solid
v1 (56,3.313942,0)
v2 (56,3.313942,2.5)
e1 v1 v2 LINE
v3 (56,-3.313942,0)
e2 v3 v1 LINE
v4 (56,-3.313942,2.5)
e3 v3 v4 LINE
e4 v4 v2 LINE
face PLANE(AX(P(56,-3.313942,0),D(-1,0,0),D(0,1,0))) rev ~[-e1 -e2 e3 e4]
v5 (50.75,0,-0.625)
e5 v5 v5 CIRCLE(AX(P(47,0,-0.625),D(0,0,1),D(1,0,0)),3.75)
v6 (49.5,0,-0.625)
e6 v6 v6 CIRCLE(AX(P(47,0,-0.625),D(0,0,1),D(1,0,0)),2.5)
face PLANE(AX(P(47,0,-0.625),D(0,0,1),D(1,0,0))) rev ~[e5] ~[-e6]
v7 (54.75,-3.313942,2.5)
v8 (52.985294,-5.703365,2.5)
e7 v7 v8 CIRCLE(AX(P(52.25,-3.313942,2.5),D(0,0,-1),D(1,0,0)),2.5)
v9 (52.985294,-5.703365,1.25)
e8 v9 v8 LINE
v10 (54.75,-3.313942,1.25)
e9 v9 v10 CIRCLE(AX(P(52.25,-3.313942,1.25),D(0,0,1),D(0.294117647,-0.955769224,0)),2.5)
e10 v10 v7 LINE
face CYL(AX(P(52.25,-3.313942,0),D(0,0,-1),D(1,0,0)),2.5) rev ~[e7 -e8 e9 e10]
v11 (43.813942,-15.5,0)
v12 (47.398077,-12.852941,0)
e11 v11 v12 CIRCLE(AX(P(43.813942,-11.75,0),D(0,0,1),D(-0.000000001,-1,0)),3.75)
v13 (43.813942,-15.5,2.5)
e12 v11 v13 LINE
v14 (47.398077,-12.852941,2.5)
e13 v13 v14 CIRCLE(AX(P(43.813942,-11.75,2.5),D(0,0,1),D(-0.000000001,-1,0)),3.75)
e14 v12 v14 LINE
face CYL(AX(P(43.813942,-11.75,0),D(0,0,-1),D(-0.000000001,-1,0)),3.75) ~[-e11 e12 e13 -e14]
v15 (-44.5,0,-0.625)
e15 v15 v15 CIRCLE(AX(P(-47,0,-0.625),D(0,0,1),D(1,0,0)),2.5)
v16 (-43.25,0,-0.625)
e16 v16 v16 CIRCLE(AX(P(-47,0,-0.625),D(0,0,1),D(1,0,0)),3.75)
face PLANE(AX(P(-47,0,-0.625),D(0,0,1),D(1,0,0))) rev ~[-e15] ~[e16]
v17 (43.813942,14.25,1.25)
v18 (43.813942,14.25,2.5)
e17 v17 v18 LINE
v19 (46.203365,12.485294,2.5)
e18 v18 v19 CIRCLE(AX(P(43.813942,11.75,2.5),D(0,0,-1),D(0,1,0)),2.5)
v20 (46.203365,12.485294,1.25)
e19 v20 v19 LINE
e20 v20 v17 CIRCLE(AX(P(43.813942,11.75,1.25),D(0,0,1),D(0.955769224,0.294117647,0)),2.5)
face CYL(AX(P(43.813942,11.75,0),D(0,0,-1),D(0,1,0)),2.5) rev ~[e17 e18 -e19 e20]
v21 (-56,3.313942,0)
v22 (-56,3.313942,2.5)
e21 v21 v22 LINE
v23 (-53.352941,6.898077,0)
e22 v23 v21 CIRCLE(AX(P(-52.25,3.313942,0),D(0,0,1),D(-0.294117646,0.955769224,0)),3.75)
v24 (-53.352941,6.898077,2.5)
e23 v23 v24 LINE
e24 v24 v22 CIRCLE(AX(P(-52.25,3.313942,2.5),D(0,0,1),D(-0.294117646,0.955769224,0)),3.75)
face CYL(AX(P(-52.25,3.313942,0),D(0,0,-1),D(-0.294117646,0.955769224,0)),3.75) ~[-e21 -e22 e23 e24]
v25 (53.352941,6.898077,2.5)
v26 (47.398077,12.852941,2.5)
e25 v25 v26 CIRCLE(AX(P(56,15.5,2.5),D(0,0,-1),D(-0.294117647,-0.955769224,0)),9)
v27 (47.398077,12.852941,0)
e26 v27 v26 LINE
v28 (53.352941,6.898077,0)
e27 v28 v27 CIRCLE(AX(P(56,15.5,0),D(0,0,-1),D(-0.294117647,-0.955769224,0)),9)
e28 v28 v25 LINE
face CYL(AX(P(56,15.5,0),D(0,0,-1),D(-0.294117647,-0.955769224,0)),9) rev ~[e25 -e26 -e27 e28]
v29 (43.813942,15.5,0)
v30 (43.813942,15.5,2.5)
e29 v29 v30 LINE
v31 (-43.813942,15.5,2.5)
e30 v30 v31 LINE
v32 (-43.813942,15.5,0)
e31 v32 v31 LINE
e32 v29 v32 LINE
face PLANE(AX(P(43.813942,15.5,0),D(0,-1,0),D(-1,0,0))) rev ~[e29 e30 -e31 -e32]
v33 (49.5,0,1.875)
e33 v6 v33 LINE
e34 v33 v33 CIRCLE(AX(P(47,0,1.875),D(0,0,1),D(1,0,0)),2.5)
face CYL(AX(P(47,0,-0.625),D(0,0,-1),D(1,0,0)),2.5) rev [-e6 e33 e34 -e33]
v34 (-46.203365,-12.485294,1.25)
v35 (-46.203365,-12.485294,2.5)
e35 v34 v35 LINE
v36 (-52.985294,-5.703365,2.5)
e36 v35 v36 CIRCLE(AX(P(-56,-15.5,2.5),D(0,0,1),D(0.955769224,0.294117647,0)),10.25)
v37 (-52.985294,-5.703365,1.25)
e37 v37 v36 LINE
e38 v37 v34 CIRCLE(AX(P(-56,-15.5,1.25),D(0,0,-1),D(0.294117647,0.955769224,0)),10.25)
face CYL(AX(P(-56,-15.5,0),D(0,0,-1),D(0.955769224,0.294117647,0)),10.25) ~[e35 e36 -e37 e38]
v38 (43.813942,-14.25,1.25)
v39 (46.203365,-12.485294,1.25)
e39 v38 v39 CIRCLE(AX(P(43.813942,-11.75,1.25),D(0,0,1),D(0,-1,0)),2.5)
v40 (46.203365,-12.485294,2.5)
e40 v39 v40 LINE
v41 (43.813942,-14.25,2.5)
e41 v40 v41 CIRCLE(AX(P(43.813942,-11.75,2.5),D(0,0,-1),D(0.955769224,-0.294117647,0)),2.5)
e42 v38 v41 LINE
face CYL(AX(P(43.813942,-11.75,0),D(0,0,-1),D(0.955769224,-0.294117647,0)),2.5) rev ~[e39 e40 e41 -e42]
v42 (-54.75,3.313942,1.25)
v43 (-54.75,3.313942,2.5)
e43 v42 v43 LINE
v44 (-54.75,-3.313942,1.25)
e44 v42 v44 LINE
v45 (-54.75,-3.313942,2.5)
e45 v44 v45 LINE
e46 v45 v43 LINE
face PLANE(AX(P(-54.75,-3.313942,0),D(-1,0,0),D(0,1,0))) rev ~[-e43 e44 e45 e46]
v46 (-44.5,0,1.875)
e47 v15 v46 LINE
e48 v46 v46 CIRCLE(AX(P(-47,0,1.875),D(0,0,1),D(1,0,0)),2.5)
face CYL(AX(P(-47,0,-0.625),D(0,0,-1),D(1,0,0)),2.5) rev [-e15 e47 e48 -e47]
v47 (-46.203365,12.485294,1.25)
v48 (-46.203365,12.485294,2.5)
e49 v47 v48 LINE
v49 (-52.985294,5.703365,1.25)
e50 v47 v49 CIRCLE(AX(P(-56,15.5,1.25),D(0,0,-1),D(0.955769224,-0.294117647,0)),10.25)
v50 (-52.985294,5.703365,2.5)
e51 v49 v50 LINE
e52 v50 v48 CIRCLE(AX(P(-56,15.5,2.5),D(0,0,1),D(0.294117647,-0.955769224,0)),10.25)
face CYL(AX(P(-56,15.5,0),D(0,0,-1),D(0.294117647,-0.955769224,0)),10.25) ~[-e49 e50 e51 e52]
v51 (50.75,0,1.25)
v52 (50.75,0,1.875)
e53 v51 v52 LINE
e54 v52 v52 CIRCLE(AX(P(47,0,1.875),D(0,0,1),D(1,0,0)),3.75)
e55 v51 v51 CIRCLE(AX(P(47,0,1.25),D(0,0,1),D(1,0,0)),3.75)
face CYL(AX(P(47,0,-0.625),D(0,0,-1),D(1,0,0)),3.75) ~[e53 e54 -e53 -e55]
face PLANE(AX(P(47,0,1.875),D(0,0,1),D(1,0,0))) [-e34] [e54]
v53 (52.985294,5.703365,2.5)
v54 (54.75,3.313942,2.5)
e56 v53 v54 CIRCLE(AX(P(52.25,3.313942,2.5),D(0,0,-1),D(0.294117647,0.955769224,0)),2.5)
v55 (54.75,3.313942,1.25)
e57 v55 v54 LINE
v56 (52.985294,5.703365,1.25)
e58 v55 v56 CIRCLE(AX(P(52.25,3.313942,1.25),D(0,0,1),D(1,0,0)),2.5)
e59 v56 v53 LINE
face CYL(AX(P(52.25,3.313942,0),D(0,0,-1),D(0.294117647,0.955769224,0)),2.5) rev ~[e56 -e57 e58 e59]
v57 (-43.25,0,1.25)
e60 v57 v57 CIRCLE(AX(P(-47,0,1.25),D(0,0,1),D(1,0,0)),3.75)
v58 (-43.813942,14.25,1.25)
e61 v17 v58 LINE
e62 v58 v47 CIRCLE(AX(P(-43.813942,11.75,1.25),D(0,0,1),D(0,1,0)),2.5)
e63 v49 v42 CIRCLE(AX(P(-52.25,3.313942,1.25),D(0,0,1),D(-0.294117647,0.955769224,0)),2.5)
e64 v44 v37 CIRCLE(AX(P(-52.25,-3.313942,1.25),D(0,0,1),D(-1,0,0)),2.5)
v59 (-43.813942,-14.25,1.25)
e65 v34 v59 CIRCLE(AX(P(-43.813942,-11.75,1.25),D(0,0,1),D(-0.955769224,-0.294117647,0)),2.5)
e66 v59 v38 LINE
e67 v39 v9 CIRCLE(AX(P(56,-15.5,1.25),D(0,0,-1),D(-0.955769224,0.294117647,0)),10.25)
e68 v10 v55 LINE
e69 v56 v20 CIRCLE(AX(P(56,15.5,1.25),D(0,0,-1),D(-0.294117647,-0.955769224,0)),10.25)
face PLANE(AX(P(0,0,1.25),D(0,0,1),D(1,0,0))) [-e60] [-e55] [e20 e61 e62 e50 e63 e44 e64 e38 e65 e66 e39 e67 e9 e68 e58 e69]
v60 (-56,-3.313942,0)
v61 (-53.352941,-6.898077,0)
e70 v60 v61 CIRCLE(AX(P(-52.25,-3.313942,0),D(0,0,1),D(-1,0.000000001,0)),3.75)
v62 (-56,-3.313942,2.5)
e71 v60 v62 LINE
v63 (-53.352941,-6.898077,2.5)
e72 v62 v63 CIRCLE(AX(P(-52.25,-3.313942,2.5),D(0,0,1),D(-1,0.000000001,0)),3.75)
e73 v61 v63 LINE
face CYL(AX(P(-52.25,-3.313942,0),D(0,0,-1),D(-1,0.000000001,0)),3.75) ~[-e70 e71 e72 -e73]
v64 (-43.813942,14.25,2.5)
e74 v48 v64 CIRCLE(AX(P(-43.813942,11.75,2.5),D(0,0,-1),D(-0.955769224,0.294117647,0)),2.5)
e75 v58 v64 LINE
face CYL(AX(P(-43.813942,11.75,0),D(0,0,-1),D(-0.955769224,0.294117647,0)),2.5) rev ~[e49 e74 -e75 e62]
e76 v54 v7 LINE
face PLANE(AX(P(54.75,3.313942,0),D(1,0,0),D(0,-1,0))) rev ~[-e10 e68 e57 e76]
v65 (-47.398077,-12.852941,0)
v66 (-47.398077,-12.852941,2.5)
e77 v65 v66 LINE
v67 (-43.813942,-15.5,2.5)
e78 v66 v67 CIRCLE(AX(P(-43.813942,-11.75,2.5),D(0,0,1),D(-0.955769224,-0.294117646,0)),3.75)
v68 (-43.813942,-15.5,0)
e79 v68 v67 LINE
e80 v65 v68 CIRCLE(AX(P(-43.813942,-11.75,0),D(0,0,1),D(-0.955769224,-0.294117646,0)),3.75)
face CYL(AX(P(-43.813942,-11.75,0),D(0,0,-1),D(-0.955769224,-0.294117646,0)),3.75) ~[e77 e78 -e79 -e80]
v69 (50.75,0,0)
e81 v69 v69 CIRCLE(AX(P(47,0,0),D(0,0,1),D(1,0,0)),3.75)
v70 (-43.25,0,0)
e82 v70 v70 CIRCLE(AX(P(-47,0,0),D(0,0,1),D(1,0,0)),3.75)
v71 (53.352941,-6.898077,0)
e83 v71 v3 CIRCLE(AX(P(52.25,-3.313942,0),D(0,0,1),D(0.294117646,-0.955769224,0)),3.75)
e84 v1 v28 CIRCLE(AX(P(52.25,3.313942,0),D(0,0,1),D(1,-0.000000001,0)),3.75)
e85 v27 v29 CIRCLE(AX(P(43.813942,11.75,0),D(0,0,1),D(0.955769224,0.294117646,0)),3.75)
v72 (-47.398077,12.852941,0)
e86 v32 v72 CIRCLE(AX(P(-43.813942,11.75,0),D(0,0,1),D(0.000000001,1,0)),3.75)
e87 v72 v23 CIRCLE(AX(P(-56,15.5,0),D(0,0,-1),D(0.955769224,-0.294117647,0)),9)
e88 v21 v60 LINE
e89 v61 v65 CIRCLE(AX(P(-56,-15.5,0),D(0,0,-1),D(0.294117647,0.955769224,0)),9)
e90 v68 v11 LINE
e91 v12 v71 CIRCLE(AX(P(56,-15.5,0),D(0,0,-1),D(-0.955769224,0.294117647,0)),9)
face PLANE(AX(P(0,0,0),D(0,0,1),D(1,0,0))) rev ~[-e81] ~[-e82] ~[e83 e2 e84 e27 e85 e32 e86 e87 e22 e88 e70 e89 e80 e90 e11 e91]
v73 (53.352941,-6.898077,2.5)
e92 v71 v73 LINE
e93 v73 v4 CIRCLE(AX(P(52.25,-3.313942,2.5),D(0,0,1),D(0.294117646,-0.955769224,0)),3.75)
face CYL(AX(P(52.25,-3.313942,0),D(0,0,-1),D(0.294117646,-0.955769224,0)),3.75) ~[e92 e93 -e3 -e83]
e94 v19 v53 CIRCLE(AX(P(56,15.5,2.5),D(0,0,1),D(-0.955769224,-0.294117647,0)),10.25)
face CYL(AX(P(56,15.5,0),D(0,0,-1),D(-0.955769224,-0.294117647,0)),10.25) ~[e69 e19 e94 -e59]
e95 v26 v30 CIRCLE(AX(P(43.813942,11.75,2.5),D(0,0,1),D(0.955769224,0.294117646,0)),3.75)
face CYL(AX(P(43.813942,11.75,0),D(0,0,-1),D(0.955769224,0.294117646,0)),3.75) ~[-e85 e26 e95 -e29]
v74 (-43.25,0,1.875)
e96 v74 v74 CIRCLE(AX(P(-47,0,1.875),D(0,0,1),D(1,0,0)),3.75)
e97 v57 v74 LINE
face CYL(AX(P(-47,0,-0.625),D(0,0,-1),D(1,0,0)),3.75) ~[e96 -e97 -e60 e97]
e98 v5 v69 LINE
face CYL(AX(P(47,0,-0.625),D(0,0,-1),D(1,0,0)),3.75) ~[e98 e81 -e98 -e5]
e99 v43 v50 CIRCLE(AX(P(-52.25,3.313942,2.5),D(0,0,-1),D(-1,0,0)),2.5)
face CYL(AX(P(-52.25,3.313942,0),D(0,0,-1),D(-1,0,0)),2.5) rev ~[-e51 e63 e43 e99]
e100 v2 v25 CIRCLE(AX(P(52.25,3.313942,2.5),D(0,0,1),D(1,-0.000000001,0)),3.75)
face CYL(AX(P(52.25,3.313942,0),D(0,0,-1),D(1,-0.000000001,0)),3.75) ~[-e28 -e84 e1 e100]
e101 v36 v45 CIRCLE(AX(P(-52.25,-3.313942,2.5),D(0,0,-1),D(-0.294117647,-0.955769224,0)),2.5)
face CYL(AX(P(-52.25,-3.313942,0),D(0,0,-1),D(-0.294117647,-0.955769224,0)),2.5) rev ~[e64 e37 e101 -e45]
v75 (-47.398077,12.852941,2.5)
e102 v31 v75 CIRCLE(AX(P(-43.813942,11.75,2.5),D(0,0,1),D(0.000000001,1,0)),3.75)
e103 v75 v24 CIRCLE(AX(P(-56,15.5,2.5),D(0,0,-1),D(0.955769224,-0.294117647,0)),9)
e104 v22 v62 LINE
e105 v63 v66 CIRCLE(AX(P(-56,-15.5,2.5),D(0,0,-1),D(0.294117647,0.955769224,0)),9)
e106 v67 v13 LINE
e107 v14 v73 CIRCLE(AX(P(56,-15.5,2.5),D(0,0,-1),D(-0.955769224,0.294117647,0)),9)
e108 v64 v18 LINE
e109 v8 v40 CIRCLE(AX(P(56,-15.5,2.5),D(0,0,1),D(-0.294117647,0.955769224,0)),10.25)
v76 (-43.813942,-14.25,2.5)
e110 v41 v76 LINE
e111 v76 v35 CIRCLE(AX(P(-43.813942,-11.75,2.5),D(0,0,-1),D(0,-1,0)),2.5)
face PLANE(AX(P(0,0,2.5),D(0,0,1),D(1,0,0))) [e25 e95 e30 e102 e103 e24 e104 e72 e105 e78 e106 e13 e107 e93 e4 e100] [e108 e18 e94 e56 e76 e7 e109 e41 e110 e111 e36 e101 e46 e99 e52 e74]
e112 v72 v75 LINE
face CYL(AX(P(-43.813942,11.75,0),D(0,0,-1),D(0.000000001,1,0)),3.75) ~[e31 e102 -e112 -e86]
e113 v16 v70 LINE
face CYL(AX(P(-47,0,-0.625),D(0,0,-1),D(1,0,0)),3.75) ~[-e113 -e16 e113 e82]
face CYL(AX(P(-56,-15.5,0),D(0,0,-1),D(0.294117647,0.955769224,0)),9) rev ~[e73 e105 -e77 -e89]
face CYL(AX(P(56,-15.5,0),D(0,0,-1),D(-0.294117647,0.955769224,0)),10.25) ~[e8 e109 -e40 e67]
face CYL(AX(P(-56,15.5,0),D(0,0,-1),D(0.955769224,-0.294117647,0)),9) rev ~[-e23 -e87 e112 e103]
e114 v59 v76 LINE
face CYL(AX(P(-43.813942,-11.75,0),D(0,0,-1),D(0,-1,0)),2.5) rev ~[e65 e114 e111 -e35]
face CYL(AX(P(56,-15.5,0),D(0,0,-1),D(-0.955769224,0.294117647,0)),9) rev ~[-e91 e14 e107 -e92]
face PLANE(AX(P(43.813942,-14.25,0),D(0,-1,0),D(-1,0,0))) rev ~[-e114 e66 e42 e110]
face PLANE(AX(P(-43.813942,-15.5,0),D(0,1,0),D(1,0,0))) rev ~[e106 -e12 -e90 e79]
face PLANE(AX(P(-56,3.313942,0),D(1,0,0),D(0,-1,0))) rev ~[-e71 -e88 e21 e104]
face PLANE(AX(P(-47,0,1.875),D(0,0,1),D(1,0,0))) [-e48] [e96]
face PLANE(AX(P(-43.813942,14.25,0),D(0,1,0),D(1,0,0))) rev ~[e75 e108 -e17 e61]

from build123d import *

# Parameters (mm, degrees)
BOSS_EXTRUDE1_DEPTH      = 2.5
SKETCH1_3_R              = 3.75
BOSS_EXTRUDE2_DEPTH      = 1.25
BOSS_EXTRUDE4_DEPTH      = 1.875
BOSS_EXTRUDE4_DEPTH_BACK = 0.625
SKETCH1_4_R              = 3.75
SKETCH1_4_R_2            = 2.5


with BuildPart() as part:
    # Sketch1 → Boss-Extrude1 (new body)
    with BuildSketch(Plane.XY):
        with BuildLine():
            ThreePointArc((-53.352941176, 6.898076983), (-55.26649875, 5.541774365), (-56, 3.313942393))
            Line((-56, 3.313942393), (-56, -3.313942393))
            ThreePointArc((-56, -3.313942393), (-55.26649875, -5.541774365), (-53.352941176, -6.898076983))
            ThreePointArc((-53.352941176, -6.898076983), (-49.636038969, -9.136038969), (-47.398076983, -12.852941176))
            ThreePointArc((-47.398076983, -12.852941176), (-46.041774365, -14.76649875), (-43.813942393, -15.5))
            Line((-43.813942393, -15.5), (0, -15.5))
            Line((0, -15.5), (43.813942393, -15.5))
            ThreePointArc((43.813942393, -15.5), (46.041774365, -14.76649875), (47.398076983, -12.852941176))
            ThreePointArc((47.398076983, -12.852941176), (49.636038969, -9.136038969), (53.352941176, -6.898076983))
            ThreePointArc((53.352941176, -6.898076983), (55.26649875, -5.541774365), (56, -3.313942393))
            Line((56, -3.313942393), (56, 3.313942393))
            ThreePointArc((56, 3.313942393), (55.26649875, 5.541774365), (53.352941176, 6.898076983))
            ThreePointArc((53.352941176, 6.898076983), (49.636038969, 9.136038969), (47.398076983, 12.852941176))
            ThreePointArc((47.398076983, 12.852941176), (46.041774365, 14.76649875), (43.813942393, 15.5))
            Line((43.813942393, 15.5), (0, 15.5))
            Line((0, 15.5), (-43.813942393, 15.5))
            ThreePointArc((-43.813942393, 15.5), (-46.041774365, 14.76649875), (-47.398076983, 12.852941176))
            ThreePointArc((-47.398076983, 12.852941176), (-49.636038969, 9.136038969), (-53.352941176, 6.898076983))
        make_face()
        with BuildLine():
            Line((43.813942393, -14.25), (0, -14.25))
            Line((0, -14.25), (-43.813942393, -14.25))
            ThreePointArc((-43.813942393, -14.25), (-45.299163708, -13.760999166), (-46.203365453, -12.485294118))
            ThreePointArc((-46.203365453, -12.485294118), (-48.752155493, -8.252155493), (-52.985294118, -5.703365453))
            ThreePointArc((-52.985294118, -5.703365453), (-54.260999166, -4.799163708), (-54.75, -3.313942393))
            Line((-54.75, -3.313942393), (-54.75, 3.313942393))
            ThreePointArc((-54.75, 3.313942393), (-54.260999166, 4.799163708), (-52.985294118, 5.703365453))
            ThreePointArc((-52.985294118, 5.703365453), (-48.752155493, 8.252155493), (-46.203365453, 12.485294118))
            ThreePointArc((-46.203365453, 12.485294118), (-45.299163708, 13.760999166), (-43.813942393, 14.25))
            Line((-43.813942393, 14.25), (0, 14.25))
            Line((0, 14.25), (43.813942393, 14.25))
            ThreePointArc((43.813942393, 14.25), (45.299163708, 13.760999166), (46.203365453, 12.485294118))
            ThreePointArc((46.203365453, 12.485294118), (48.752155493, 8.252155493), (52.985294118, 5.703365453))
            ThreePointArc((52.985294118, 5.703365453), (54.260999166, 4.799163708), (54.75, 3.313942393))
            Line((54.75, 3.313942393), (54.75, -3.313942393))
            ThreePointArc((54.75, -3.313942393), (54.260999166, -4.799163708), (52.985294118, -5.703365453))
            ThreePointArc((52.985294118, -5.703365453), (48.752155493, -8.252155493), (46.203365453, -12.485294118))
            ThreePointArc((46.203365453, -12.485294118), (45.299163708, -13.760999166), (43.813942393, -14.25))
        make_face(mode=Mode.SUBTRACT)
    extrude(amount=BOSS_EXTRUDE1_DEPTH)

    # Sketch1<3> → Boss-Extrude2 (add)
    with BuildSketch(Plane.XY):
        with BuildLine():
            Line((-43.813942393, -14.25), (0, -14.25))
            Line((0, -14.25), (43.813942393, -14.25))
            ThreePointArc((43.813942393, -14.25), (45.299163708, -13.760999166), (46.203365453, -12.485294118))
            ThreePointArc((46.203365453, -12.485294118), (48.752155493, -8.252155493), (52.985294118, -5.703365453))
            ThreePointArc((52.985294118, -5.703365453), (54.260999166, -4.799163708), (54.75, -3.313942393))
            Line((54.75, -3.313942393), (54.75, 3.313942393))
            ThreePointArc((54.75, 3.313942393), (54.260999166, 4.799163708), (52.985294118, 5.703365453))
            ThreePointArc((52.985294118, 5.703365453), (48.752155493, 8.252155493), (46.203365453, 12.485294118))
            ThreePointArc((46.203365453, 12.485294118), (45.299163708, 13.760999166), (43.813942393, 14.25))
            Line((43.813942393, 14.25), (0, 14.25))
            Line((0, 14.25), (-43.813942393, 14.25))
            ThreePointArc((-43.813942393, 14.25), (-45.299163708, 13.760999166), (-46.203365453, 12.485294118))
            ThreePointArc((-46.203365453, 12.485294118), (-48.752155493, 8.252155493), (-52.985294118, 5.703365453))
            ThreePointArc((-52.985294118, 5.703365453), (-54.260999166, 4.799163708), (-54.75, 3.313942393))
            Line((-54.75, 3.313942393), (-54.75, -3.313942393))
            ThreePointArc((-54.75, -3.313942393), (-54.260999166, -4.799163708), (-52.985294118, -5.703365453))
            ThreePointArc((-52.985294118, -5.703365453), (-48.752155493, -8.252155493), (-46.203365453, -12.485294118))
            ThreePointArc((-46.203365453, -12.485294118), (-45.299163708, -13.760999166), (-43.813942393, -14.25))
        make_face()
        with Locations((-47, 0)):
            Circle(SKETCH1_3_R, mode=Mode.SUBTRACT)
        with Locations((47, 0)):
            Circle(SKETCH1_3_R, mode=Mode.SUBTRACT)
    extrude(amount=BOSS_EXTRUDE2_DEPTH)

    # Sketch1<4> → Boss-Extrude4 (add, two sides: drawn at the far end of the back side and taken through both)
    # profile 1 of 2: a face of its own
    with BuildSketch(Plane.XY.offset(-BOSS_EXTRUDE4_DEPTH_BACK)):
        with Locations((-47, 0)):
            Circle(SKETCH1_4_R)
        with Locations((-47, 0)):
            Circle(SKETCH1_4_R_2, mode=Mode.SUBTRACT)
    # profile 2 of 2: a face of its own
    with BuildSketch(Plane.XY.offset(-BOSS_EXTRUDE4_DEPTH_BACK)):
        with Locations((47, 0)):
            Circle(SKETCH1_4_R)
        with Locations((47, 0)):
            Circle(SKETCH1_4_R_2, mode=Mode.SUBTRACT)
    extrude(amount=BOSS_EXTRUDE4_DEPTH + BOSS_EXTRUDE4_DEPTH_BACK)


solid = part.part
